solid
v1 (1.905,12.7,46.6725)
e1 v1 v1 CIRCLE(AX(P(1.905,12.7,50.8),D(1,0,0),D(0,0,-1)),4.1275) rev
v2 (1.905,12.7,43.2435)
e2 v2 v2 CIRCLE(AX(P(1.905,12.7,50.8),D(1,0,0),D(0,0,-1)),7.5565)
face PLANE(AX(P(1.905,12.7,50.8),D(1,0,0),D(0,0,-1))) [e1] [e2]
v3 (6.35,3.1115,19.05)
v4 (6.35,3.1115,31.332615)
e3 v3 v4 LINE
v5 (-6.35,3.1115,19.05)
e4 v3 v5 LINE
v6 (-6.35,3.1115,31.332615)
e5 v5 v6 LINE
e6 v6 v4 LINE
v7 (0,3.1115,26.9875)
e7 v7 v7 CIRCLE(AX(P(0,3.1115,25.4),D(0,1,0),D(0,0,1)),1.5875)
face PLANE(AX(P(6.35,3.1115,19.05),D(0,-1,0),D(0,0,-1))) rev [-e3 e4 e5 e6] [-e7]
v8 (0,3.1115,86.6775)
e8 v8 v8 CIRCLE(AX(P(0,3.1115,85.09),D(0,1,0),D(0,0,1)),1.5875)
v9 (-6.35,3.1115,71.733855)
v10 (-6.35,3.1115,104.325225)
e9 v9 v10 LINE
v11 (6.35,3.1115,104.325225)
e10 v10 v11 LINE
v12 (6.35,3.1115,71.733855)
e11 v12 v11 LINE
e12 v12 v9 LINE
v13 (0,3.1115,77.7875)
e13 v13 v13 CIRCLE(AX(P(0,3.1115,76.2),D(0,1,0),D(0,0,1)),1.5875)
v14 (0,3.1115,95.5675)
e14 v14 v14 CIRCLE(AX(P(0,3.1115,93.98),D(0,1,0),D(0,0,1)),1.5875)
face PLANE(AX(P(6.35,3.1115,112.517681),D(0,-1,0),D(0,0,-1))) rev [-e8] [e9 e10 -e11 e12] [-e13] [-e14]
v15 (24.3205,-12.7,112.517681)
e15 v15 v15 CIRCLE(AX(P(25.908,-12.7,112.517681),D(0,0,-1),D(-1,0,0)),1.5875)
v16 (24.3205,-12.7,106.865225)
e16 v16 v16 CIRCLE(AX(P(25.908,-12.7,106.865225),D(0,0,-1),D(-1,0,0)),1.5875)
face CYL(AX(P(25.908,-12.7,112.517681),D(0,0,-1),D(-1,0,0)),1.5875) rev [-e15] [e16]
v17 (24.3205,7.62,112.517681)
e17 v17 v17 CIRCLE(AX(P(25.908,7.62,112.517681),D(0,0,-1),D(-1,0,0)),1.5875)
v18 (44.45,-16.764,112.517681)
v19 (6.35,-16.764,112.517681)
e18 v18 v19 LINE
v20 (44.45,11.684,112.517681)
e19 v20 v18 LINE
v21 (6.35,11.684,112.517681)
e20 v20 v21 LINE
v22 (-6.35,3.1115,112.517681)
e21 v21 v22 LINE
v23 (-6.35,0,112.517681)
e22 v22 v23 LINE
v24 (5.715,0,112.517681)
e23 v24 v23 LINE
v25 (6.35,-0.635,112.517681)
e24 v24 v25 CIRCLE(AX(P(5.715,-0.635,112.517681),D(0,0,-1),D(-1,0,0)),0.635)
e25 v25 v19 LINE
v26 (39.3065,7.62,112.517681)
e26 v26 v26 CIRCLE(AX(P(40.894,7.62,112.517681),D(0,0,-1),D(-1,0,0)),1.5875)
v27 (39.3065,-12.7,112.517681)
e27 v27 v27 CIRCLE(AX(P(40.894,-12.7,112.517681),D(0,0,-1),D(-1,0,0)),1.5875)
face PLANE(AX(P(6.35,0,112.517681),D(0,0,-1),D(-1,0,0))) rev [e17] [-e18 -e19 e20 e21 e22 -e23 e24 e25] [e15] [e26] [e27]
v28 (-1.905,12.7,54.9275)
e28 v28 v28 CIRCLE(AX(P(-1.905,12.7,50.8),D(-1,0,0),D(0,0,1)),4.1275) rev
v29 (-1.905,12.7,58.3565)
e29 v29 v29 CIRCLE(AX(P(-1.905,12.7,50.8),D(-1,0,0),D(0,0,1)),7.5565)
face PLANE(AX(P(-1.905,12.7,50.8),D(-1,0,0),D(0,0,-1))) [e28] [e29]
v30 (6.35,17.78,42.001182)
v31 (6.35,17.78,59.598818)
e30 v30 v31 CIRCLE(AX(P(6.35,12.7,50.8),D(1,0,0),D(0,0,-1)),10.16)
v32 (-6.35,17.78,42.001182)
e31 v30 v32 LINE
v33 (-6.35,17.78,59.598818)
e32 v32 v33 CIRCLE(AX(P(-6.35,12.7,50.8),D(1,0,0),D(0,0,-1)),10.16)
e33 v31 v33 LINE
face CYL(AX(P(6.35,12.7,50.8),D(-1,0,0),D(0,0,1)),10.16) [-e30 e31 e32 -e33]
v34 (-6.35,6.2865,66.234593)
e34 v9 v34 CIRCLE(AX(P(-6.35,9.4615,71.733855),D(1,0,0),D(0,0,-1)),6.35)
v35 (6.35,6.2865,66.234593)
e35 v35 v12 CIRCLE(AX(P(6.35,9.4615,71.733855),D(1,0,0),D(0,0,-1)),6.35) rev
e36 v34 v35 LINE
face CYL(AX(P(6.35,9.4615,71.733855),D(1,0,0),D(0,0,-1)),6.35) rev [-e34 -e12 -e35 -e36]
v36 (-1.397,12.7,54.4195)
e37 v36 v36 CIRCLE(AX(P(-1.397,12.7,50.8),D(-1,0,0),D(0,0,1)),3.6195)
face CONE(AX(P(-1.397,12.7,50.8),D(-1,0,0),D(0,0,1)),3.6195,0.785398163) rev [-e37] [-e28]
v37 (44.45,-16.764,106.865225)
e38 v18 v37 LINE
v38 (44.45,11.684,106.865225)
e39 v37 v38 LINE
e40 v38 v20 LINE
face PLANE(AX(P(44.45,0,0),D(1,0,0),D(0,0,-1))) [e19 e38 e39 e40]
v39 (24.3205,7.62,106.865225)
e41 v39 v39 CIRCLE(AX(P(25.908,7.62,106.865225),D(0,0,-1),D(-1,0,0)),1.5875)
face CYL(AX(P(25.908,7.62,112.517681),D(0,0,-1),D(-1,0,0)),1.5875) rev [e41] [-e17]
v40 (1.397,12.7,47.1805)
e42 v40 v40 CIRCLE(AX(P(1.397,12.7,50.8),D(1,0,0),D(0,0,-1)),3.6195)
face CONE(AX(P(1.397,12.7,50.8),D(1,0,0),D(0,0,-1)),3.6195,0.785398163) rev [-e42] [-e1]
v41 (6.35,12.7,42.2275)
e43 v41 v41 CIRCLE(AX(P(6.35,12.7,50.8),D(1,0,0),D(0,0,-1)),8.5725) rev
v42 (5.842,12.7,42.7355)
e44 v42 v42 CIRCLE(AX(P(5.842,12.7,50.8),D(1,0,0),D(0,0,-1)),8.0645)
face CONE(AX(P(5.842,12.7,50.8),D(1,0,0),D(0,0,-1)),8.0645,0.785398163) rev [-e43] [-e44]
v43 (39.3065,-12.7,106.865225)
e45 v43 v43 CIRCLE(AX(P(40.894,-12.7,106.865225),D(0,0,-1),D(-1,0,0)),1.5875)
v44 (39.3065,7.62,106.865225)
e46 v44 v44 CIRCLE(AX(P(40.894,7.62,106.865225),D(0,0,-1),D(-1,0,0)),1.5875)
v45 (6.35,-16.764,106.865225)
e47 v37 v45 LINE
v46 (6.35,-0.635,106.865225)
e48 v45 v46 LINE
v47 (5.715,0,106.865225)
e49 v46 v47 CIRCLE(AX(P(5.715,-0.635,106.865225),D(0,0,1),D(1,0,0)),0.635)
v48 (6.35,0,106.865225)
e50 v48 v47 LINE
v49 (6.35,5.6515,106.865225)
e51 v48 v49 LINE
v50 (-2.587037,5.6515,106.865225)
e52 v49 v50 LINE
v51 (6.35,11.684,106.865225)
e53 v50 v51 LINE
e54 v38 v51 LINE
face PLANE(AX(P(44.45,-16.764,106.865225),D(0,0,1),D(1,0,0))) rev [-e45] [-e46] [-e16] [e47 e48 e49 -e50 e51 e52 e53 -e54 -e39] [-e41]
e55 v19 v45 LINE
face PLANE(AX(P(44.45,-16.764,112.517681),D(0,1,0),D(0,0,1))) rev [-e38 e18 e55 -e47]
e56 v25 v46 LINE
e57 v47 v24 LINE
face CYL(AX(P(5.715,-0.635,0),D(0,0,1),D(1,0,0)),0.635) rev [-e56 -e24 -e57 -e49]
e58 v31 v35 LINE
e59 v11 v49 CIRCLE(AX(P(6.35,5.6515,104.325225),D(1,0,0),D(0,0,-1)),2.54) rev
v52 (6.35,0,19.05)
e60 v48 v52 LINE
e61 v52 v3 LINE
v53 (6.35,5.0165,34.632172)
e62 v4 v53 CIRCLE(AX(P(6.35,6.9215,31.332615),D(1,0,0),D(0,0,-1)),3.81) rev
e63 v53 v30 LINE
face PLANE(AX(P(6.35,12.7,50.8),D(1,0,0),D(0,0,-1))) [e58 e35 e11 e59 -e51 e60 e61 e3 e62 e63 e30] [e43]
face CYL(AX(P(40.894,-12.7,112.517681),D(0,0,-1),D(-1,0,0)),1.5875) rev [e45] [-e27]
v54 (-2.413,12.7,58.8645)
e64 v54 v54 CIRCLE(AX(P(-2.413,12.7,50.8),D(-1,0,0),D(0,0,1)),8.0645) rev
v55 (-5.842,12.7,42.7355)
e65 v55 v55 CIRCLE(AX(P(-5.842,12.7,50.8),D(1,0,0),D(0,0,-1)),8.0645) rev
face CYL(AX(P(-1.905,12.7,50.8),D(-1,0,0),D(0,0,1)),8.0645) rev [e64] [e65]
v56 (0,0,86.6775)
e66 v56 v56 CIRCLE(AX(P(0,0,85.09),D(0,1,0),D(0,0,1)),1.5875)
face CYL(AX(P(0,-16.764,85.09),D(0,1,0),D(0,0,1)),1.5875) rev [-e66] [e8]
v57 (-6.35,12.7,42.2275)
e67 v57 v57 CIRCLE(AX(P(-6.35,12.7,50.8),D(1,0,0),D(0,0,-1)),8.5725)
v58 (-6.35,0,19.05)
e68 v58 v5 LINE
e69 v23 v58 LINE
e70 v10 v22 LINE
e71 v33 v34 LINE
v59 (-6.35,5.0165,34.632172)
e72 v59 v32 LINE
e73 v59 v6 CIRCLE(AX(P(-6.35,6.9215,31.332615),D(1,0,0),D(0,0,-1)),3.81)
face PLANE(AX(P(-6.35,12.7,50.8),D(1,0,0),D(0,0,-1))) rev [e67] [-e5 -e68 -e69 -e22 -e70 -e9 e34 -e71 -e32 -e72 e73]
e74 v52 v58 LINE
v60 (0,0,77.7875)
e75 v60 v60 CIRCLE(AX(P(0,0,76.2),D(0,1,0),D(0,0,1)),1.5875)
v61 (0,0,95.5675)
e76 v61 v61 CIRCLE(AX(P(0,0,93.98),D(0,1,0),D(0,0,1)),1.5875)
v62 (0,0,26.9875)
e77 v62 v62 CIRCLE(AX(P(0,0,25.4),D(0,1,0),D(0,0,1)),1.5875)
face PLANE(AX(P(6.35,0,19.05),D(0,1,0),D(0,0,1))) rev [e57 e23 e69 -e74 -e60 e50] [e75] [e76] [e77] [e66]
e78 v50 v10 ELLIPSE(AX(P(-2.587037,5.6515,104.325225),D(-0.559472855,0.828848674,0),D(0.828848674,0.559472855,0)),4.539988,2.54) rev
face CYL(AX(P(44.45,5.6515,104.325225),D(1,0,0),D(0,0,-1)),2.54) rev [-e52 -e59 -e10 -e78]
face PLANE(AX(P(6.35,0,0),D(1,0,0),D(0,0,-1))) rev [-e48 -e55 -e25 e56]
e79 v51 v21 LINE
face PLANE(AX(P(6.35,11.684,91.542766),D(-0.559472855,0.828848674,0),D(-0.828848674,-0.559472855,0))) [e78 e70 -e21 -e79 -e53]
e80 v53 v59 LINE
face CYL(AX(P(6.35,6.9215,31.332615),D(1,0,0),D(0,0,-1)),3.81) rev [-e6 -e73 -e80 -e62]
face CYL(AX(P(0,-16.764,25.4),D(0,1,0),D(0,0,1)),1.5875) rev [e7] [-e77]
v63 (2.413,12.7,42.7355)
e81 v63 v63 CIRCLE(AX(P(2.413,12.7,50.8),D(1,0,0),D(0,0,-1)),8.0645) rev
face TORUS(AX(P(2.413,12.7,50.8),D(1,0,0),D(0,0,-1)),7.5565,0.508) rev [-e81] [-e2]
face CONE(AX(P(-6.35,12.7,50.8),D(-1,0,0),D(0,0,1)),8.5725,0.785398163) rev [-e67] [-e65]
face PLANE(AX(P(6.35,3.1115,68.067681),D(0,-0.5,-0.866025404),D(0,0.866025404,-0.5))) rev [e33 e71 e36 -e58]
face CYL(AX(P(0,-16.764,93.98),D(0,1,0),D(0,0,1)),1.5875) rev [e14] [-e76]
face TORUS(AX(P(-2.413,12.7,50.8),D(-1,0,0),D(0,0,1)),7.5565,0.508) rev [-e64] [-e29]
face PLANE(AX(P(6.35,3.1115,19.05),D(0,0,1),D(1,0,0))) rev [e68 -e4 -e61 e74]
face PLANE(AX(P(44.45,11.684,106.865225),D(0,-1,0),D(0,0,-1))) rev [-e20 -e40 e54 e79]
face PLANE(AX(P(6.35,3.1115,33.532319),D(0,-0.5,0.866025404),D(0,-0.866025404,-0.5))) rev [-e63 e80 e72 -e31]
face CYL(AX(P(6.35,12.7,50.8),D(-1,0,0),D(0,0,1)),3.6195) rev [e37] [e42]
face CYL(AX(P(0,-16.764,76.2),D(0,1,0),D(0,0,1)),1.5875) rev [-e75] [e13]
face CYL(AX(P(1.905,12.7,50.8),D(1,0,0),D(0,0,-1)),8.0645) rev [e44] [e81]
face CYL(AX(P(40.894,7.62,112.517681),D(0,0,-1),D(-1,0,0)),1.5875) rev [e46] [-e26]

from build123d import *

# Parameters (mm, degrees)
SKETCH2_R                   = 3.6195
BEARING_MOUNT_DEPTH         = 6.35
SKETCH3_R                   = 8.0645
BEARING_HOLE_DEPTH          = 4.445
FILLET1_R                   = 6.35
FILLET2_R                   = 0.508
CHAMFER1_SIZE               = 0.508
SKETCH4_W                   = 5.652455718
SKETCH4_H                   = 28.448
MOTOR_MOUNT_DEPTH           = 38.1
FILLET3_R                   = 3.81
MOTOR_MOUNT_STIFFENER_DEPTH = 5.652455718
SKETCH6_R                   = 1.5875
MOTOR_PLATE_HOLES_DEPTH     = 102.044029057
FILLET4_R                   = 0.635
SKETCH7_R                   = 1.5875
MOUNT_HOLES_DEPTH           = 123.601249713
FILLET5_R                   = 2.54


with BuildPart() as part:
    # Sketch2 → Bearing_Mount (new, symmetric)
    with BuildSketch(Plane(origin=(0, 0, 0), x_dir=(0, 0, -1), z_dir=(1, 0, 0))):
        with BuildLine():
            Line((-19.05, 0), (-112.517680526, 0))
            Line((-112.517680526, 0), (-112.517680526, 3.1115))
            Line((-112.517680526, 3.1115), (-68.067680526, 3.1115))
            Line((-68.067680526, 3.1115), (-59.598818102, 17.78))
            ThreePointArc((-59.598818102, 17.78), (-50.8, 22.86), (-42.001181898, 17.78))
            Line((-42.001181898, 17.78), (-33.532319474, 3.1115))
            Line((-33.532319474, 3.1115), (-19.05, 3.1115))
            Line((-19.05, 3.1115), (-19.05, 0))
        make_face()
        with Locations((-50.8, 12.7)):
            Circle(SKETCH2_R, mode=Mode.SUBTRACT)
    extrude(amount=BEARING_MOUNT_DEPTH, both=True)

    # Sketch3 → Bearing_Hole (cut)
    with BuildSketch(Plane(origin=(6.35, 0, 0), x_dir=(0, 0, -1), z_dir=(1, 0, 0))):
        with Locations((-50.8, 12.7)):
            Circle(SKETCH3_R)
    bearing_hole = extrude(amount=-BEARING_HOLE_DEPTH, mode=Mode.SUBTRACT)

    # Mirror1: Bearing_Hole across plane
    add(bearing_hole.mirror(Plane(origin=(0, 0, 0), x_dir=(0, 0, 1), z_dir=(1, 0, 0))), mode=Mode.SUBTRACT)

    # Fillet1
    fillet1_edges = [part.edges().sort_by_distance(p)[0] for p in [
        (0, 3.1115, 68.067680526),
    ]]
    fillet(fillet1_edges, radius=FILLET1_R)

    # Fillet2
    fillet2_edges = [part.edges().sort_by_distance(p)[0] for p in [
        (1.905, 12.7, 58.8645),
        (-1.905, 12.7, 58.8645),
    ]]
    fillet(fillet2_edges, radius=FILLET2_R)

    # Chamfer1
    chamfer1_edges = [part.edges().sort_by_distance(p)[0] for p in [
        (1.905, 12.7, 54.4195),
        (6.35, 12.7, 58.8645),
        (-6.35, 12.7, 58.8645),
        (-1.905, 12.7, 54.4195),
    ]]
    chamfer(chamfer1_edges, length=CHAMFER1_SIZE)

    # Sketch4 → Motor_Mount (add)
    with BuildSketch(Plane(origin=(6.35, 0, 0), x_dir=(0, 0, -1), z_dir=(1, 0, 0))):
        with Locations((-109.691452667, -2.54)):
            Rectangle(SKETCH4_W, SKETCH4_H)
    extrude(amount=MOTOR_MOUNT_DEPTH)

    # Fillet3
    fillet3_edges = [part.edges().sort_by_distance(p)[0] for p in [
        (0, 3.1115, 33.532319474),
    ]]
    fillet(fillet3_edges, radius=FILLET3_R)

    # Sketch5 → Motor_Mount_Stiffener (add)
    with BuildSketch(Plane.XY.offset(112.517680526)):
        Polygon((6.35, 11.684), (-6.35, 3.1115), (6.35, 3.1115), align=None)
    extrude(amount=-MOTOR_MOUNT_STIFFENER_DEPTH)

    # Sketch6 → Motor_Plate_Holes (cut, through all)
    with BuildSketch(Plane(origin=(0, 0, 106.865224808), x_dir=(-1, 0, 0), z_dir=(0, 0, -1))):
        with Locations((-40.894, 7.62)):
            Circle(SKETCH6_R)
        with Locations((-25.908, 7.62)):
            Circle(SKETCH6_R)
        with Locations((-40.894, -12.7)):
            Circle(SKETCH6_R)
        with Locations((-25.908, -12.7)):
            Circle(SKETCH6_R)
    extrude(amount=-MOTOR_PLATE_HOLES_DEPTH, mode=Mode.SUBTRACT)

    # Fillet4
    fillet4_edges = [part.edges().sort_by_distance(p)[0] for p in [
        (6.35, 0, 109.691452667),
    ]]
    fillet(fillet4_edges, radius=FILLET4_R)

    # Sketch7 → Mount-Holes (cut, through all)
    with BuildSketch(Plane(origin=(0, 3.1115, 0), x_dir=(1, 0, 0), z_dir=(0, 1, 0))):
        with Locations(Location((0, -25.4, 0), (0, 0, 270))):
            Circle(SKETCH7_R)
        with Locations(Location((0, -76.2, 0), (0, 0, 270))):
            Circle(SKETCH7_R)
        with Locations(Location((0, -85.09, 0), (0, 0, 270))):
            Circle(SKETCH7_R)
        with Locations(Location((0, -93.98, 0), (0, 0, 270))):
            Circle(SKETCH7_R)
    extrude(amount=-MOUNT_HOLES_DEPTH, mode=Mode.SUBTRACT)

    # Fillet5
    fillet5_edges = [part.edges().sort_by_distance(p)[0] for p in [
        (0, 3.1115, 106.865224808),
    ]]
    fillet(fillet5_edges, radius=FILLET5_R)


solid = part.part
